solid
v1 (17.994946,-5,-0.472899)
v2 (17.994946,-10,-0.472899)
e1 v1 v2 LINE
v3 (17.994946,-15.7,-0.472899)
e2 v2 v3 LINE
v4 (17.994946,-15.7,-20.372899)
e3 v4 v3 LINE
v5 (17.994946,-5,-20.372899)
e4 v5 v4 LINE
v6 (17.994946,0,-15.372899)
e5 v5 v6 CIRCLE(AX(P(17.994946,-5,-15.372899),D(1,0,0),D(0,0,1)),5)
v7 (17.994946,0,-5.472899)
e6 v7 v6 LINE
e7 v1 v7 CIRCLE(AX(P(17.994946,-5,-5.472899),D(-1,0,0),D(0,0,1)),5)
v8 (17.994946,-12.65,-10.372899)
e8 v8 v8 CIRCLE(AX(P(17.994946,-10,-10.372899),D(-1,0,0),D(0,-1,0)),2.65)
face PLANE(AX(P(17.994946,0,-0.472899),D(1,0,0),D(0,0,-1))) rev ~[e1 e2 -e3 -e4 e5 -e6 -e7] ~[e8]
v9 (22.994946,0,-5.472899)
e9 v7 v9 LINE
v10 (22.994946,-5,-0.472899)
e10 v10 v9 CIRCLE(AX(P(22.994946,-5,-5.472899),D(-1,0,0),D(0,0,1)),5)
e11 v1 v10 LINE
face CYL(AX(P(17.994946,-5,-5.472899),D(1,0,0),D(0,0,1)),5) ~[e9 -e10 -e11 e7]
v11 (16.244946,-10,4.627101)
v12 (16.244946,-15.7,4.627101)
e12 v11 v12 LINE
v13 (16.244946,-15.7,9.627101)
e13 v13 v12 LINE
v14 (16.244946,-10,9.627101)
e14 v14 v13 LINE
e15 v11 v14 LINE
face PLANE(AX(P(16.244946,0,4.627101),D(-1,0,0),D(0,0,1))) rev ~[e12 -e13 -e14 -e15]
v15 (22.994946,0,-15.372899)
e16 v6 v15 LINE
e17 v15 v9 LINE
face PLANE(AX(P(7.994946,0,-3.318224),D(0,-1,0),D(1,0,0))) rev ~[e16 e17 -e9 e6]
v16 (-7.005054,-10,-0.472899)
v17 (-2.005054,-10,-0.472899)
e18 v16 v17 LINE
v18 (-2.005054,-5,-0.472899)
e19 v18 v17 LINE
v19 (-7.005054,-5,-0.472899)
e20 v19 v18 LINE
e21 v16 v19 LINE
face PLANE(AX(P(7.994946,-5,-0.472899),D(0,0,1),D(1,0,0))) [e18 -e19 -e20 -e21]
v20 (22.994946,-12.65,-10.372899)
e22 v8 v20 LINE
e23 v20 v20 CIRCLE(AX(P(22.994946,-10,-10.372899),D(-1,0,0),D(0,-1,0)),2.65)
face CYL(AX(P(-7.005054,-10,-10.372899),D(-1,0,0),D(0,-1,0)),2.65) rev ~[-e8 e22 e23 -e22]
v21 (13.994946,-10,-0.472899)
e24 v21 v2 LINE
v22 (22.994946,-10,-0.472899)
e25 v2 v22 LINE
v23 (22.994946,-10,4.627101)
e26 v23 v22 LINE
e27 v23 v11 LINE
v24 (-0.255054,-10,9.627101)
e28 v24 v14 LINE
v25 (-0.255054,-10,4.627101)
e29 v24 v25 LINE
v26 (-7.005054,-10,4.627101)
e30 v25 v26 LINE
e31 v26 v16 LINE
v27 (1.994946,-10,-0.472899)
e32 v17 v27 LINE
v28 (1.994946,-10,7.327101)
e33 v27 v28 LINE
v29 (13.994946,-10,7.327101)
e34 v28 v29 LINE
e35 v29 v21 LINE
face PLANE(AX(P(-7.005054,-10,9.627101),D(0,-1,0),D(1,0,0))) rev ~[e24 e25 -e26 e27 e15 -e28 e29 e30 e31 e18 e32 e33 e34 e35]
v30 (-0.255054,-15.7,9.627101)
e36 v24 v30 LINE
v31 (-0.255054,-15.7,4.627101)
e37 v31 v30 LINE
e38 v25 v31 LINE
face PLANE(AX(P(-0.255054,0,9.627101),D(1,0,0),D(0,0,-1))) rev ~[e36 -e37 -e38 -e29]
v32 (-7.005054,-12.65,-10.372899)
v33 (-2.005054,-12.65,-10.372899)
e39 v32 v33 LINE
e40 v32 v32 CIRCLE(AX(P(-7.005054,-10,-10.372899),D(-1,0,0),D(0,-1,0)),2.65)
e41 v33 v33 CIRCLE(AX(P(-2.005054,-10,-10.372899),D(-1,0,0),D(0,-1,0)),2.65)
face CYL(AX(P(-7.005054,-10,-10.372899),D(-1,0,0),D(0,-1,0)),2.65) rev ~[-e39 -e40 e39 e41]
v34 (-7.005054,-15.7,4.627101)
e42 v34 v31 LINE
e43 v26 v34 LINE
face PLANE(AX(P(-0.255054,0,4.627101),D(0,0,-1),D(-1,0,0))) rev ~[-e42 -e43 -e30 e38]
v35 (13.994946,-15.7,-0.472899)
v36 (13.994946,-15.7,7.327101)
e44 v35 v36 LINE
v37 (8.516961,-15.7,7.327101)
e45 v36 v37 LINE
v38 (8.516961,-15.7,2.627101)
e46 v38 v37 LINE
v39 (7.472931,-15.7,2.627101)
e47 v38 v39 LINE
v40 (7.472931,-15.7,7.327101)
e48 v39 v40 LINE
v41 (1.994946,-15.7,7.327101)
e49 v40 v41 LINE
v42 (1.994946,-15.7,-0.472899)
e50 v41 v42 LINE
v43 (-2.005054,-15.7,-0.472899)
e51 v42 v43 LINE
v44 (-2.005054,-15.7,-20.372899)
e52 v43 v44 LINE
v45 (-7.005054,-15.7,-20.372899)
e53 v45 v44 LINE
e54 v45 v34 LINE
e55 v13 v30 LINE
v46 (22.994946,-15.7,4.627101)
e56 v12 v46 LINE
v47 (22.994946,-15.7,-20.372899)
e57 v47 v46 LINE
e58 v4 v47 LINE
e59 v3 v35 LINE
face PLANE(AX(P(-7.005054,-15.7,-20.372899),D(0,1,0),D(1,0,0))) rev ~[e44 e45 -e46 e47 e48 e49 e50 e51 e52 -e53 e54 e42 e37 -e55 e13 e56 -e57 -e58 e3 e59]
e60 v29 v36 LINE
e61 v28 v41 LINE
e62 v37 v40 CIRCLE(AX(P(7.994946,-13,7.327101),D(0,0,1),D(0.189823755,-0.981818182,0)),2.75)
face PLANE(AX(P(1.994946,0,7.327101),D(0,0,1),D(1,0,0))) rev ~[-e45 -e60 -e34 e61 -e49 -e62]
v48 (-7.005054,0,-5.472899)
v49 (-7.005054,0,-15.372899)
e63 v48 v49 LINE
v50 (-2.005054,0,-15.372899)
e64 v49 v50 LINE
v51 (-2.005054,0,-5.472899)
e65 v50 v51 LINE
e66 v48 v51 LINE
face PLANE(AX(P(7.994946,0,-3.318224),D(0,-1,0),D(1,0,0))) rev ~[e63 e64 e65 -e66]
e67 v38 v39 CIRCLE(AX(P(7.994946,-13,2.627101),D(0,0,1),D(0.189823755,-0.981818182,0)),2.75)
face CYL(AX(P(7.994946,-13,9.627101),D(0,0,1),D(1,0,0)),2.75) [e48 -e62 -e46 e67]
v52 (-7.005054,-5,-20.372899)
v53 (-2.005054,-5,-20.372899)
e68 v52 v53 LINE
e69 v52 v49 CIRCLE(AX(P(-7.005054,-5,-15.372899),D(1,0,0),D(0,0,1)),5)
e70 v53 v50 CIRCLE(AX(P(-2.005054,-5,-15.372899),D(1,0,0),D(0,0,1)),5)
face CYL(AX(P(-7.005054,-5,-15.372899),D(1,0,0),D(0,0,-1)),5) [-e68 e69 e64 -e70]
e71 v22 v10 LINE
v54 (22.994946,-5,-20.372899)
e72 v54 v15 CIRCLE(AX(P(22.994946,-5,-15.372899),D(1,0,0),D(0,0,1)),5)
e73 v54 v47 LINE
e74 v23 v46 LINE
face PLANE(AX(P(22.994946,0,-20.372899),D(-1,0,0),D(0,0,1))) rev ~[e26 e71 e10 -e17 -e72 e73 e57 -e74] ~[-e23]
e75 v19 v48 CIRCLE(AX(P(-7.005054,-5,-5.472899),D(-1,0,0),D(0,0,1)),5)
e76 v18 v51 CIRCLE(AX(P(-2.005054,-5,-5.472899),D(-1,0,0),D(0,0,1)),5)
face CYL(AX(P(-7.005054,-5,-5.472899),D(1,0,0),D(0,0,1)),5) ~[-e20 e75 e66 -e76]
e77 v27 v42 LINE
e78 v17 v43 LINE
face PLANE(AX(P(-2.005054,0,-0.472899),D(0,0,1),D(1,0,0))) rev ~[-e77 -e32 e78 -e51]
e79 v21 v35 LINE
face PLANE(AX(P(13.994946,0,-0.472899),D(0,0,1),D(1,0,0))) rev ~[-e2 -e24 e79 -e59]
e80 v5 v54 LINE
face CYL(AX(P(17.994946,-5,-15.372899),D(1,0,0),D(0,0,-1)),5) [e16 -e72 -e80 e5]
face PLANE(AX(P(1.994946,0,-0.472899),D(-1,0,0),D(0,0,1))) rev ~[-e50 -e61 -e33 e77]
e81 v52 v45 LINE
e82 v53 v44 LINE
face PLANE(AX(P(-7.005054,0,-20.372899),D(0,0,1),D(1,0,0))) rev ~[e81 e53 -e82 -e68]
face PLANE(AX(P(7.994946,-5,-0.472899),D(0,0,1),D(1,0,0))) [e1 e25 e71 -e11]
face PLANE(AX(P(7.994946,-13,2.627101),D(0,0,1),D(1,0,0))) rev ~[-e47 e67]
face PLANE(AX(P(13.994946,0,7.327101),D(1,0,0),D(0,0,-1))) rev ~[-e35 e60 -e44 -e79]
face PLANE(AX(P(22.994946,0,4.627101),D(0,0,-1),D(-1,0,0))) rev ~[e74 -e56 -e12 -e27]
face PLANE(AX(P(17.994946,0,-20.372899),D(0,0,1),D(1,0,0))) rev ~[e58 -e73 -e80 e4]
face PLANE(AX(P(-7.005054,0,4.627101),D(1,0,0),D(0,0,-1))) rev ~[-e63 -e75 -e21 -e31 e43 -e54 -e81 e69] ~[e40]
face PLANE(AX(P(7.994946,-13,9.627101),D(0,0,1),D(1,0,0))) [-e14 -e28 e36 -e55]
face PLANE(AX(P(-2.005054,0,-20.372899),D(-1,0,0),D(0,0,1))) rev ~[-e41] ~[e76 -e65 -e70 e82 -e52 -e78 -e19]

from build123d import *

# Parameters (mm, degrees)
F1_DEPTH  = 20
F2_R      = 2.65
F3_DEPTH  = 30.001
F4_R      = 2.75
F5_DEPTH  = 7
F6_W      = 30
F6_H      = 10
F7_DEPTH  = 10.1
F9_R      = 5
F8_W      = 30
F8_H      = 4.3
F10_DEPTH = 30.001
F11_R     = 5


with BuildPart() as f1:
    # F0 (on Front) → F1 (new body)
    with BuildSketch(Plane.XZ):
        Polygon((-0.255054, 4.627101), (-7.005054, 4.627101), (-7.005054, -20.372899), (-2.005054, -20.372899), (-2.005054, -0.472899), (1.994946, -0.472899), (1.994946, 7.327101), (13.994946, 7.327101), (13.994946, -0.472899), (17.994946, -0.472899), (17.994946, -20.372899), (22.994946, -20.372899), (22.994946, 4.627101), (16.244946, 4.627101), (16.244946, 9.627101), (-0.255054, 9.627101), align=None)
    extrude(amount=F1_DEPTH)

    # F2 (on face) → F3 (cut, through all)
    with BuildSketch(Plane(origin=(-7.005054, 0, 0), x_dir=(0, -1, 0), z_dir=(-1, 0, 0))):
        with Locations((10, -10.372899)):
            Circle(F2_R)
    extrude(amount=-F3_DEPTH, mode=Mode.SUBTRACT)

    # F4 (on face) → F5 (join)
    with BuildSketch(Plane.XY.offset(9.627101)):
        with Locations((7.994946, -13)):
            Circle(F4_R)
    extrude(amount=-F5_DEPTH)

    # F6 (on face) → F7 (cut, through all)
    with BuildSketch(Plane.XY.offset(9.627101)):
        with Locations((7.994946, -5)):
            Rectangle(F6_W, F6_H)
    extrude(amount=-F7_DEPTH, mode=Mode.SUBTRACT)

    # F9
    f9_edges = [f1.edges().sort_by_distance(p)[0] for p in [
        (20.494946, 0, -0.472899),
        (-4.505054, 0, -0.472899),
    ]]
    fillet(f9_edges, radius=F9_R)

    # F8 (on face) → F10 (cut, through all)
    with BuildSketch(Plane(origin=(0, 0, -20.372899), x_dir=(1, 0, 0), z_dir=(0, 0, -1))):
        with Locations((7.994946, 17.85)):
            Rectangle(F8_W, F8_H)
    extrude(amount=-F10_DEPTH, mode=Mode.SUBTRACT)

    # F11
    f11_edges = [f1.edges().sort_by_distance(p)[0] for p in [
        (20.494946, 0, -20.372899),
        (-4.505054, 0, -20.372899),
    ]]
    fillet(f11_edges, radius=F11_R)


solid = f1.part
